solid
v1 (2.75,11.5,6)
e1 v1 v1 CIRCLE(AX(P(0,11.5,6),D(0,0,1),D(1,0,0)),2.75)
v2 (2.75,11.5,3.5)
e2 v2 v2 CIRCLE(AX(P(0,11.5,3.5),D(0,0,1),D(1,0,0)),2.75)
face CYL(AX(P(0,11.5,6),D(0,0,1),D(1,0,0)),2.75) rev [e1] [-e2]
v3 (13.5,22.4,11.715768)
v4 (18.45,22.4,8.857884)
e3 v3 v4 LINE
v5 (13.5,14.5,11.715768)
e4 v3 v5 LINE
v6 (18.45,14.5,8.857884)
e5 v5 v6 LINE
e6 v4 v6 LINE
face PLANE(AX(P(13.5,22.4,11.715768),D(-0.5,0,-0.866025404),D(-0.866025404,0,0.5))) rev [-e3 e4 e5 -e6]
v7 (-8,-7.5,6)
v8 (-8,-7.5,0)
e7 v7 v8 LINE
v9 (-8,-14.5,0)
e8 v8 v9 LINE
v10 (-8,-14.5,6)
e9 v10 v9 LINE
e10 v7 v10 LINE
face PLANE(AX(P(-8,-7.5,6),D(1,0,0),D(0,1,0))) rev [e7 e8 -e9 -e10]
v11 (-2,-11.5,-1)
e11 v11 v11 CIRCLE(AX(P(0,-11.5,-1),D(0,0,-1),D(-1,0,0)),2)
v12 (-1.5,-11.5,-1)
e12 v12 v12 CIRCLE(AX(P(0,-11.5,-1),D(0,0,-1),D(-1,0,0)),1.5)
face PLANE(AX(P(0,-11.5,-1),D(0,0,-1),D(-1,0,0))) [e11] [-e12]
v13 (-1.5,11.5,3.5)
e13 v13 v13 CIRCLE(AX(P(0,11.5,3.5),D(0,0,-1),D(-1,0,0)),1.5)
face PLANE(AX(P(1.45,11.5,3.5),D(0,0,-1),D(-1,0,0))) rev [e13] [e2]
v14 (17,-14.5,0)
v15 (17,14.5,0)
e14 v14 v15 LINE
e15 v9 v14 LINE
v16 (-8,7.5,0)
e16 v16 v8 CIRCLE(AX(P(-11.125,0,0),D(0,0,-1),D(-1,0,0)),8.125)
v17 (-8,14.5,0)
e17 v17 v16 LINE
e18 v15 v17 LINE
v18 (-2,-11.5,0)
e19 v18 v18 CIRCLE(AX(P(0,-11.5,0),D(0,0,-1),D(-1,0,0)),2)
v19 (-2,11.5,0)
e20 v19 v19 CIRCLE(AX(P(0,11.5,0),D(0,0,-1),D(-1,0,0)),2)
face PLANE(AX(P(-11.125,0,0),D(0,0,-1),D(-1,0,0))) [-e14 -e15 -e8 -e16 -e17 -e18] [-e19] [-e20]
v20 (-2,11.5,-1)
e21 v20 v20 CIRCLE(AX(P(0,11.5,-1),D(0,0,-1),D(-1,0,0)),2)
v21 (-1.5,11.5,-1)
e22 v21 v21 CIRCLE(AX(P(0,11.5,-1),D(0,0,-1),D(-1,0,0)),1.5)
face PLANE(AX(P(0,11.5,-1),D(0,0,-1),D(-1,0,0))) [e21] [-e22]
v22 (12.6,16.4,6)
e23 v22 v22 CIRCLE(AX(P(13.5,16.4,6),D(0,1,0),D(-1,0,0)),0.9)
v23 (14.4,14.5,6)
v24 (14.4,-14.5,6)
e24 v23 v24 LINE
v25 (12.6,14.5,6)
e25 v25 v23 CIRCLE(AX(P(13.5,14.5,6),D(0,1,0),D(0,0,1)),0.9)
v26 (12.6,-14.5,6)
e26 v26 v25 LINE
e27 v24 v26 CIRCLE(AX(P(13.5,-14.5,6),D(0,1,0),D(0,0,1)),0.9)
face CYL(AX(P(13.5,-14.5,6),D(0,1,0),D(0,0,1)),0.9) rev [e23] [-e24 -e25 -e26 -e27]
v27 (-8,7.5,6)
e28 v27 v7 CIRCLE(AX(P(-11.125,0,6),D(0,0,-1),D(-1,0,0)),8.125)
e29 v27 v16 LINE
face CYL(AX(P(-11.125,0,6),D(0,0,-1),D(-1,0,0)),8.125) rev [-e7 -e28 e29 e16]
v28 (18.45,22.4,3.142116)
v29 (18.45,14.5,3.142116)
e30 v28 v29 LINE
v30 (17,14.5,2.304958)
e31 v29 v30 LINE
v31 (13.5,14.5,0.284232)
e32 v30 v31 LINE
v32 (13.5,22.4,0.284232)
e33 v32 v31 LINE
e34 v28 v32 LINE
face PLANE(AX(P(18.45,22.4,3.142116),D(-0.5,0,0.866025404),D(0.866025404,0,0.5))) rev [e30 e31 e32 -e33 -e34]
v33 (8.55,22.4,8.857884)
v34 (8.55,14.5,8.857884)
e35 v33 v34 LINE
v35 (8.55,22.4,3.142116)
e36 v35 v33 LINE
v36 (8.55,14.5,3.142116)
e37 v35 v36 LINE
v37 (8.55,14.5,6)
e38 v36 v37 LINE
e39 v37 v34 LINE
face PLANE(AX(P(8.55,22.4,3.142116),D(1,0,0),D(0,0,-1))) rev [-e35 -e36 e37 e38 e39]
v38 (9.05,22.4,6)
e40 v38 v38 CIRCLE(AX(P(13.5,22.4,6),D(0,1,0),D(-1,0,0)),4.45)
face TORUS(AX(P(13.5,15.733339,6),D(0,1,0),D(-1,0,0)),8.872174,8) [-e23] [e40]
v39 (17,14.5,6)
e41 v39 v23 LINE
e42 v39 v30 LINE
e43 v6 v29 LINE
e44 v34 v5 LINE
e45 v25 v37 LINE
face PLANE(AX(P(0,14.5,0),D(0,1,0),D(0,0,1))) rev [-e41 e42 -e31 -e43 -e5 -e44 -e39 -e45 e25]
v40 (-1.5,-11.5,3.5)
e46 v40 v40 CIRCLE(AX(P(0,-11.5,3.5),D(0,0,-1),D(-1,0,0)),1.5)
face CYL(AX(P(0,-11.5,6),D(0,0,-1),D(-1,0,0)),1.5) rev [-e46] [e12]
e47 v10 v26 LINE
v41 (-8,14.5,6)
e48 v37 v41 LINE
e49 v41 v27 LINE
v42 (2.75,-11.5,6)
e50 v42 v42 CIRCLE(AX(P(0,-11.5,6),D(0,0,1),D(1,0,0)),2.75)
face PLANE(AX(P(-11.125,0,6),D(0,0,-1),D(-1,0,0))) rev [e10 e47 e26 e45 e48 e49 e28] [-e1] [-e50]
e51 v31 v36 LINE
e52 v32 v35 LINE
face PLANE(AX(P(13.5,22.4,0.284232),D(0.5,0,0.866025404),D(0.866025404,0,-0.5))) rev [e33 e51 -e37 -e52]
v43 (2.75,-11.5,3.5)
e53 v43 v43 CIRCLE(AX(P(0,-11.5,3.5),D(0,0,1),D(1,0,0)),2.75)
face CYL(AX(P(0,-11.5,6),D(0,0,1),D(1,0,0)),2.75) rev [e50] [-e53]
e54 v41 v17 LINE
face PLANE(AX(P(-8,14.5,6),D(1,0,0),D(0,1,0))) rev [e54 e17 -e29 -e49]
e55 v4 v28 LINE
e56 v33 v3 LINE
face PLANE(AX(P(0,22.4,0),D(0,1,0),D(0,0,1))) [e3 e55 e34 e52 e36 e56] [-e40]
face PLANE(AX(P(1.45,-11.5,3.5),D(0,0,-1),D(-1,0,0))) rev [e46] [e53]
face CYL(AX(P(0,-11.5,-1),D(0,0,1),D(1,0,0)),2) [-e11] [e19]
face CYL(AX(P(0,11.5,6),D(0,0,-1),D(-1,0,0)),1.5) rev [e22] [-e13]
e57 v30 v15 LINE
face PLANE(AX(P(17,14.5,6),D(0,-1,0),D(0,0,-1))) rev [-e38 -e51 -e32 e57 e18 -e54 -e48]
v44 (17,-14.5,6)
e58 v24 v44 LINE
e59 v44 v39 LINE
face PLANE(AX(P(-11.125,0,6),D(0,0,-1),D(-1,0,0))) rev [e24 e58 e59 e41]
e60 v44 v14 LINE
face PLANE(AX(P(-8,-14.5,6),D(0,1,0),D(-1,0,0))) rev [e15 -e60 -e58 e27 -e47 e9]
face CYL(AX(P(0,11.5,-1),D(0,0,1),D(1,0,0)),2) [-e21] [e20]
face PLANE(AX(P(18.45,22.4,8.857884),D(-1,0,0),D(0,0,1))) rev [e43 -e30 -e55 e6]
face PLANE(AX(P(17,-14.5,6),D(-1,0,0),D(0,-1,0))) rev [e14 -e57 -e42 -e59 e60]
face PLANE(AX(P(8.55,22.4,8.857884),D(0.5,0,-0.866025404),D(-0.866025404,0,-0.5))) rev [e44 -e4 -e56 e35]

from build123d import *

# Parameters (mm, degrees)
SKETCH1_R                       = 1.5
BOSS_EXTRUDE1_DEPTH             = 6
SKETCH2_R                       = 0.9
CUT_EXTRUDE1_DEPTH              = 35.146742158
BOSS_EXTRUDE2_START             = 7.9
SKETCH3_R                       = 0.9
BOSS_EXTRUDE2_DEPTH             = 7.9
CBORE_FOR_M2_5_SHCS1_AT_2_COUNT = 2
CBORE_FOR_M2_5_SHCS1_AT_2_PITCH = 23
CBORE_FOR_M2_5_SHCS1_AT_3_COUNT = 2
CBORE_FOR_M2_5_SHCS1_AT_3_PITCH = 23
BOSS_EXTRUDE3_START             = 1
SKETCH8_R                       = 2
SKETCH8_R_2                     = 1.5
BOSS_EXTRUDE3_DEPTH             = 1


with BuildPart() as part:
    # Sketch1 → Boss-Extrude1 (new body)
    with BuildSketch(Plane.XY):
        with BuildLine():
            Line((17, 14.5), (-8, 14.5))
            Line((-8, 14.5), (-8, 7.5))
            ThreePointArc((-8, 7.5), (-3, 0), (-8, -7.5))
            Line((-8, -7.5), (-8, -14.5))
            Line((-8, -14.5), (17, -14.5))
            Line((17, -14.5), (17, 14.5))
        make_face()
        with Locations((0, 11.5)):
            Circle(SKETCH1_R, mode=Mode.SUBTRACT)
        with Locations((0, -11.5)):
            Circle(SKETCH1_R, mode=Mode.SUBTRACT)
    extrude(amount=BOSS_EXTRUDE1_DEPTH)

    # Sketch2 → Cut-Extrude1 (cut, through all)
    with BuildSketch(Plane(origin=(0, 14.5, 0), x_dir=(1, 0, 0), z_dir=(0, 1, 0))):
        with Locations((13.5, -6)):
            Circle(SKETCH2_R)
    extrude(amount=-CUT_EXTRUDE1_DEPTH, mode=Mode.SUBTRACT)

    # Sketch3 → Boss-Extrude2 (add)
    with BuildSketch(Plane(origin=(0, 14.5, 0), x_dir=(1, 0, 0), z_dir=(0, 1, 0)).offset(BOSS_EXTRUDE2_START)):
        Polygon((13.5, -0.284232335), (8.55, -3.142116168), (8.55, -8.857883832), (13.5, -11.715767665), (18.45, -8.857883832), (18.45, -3.142116168), align=None)
        with Locations(Location((13.5, -6, 0), (0, 0, 270))):
            Circle(SKETCH3_R, mode=Mode.SUBTRACT)
    extrude(amount=-BOSS_EXTRUDE2_DEPTH)

    # Sketch6 → Cut-Revolve1 (revolve, cut)
    with BuildSketch(Plane(origin=(5.973076211, 0, 10.345671476), x_dir=(0.8660254037844388, 0, -0.49999999999999983), z_dir=(0.4999999999999998, 0, 0.8660254037844387)), mode=Mode.PRIVATE) as cut_revolve1_sk:
        with BuildLine():
            Line((9.591342951, 22.4), (9.591342951, 16.4))
            ThreePointArc((9.591342951, 16.4), (10.678390575, 19.807038489), (13.141342951, 22.4))
            Line((13.141342951, 22.4), (9.591342951, 22.4))
        make_face()
    revolve(cut_revolve1_sk.sketch.rotate(Axis((13.5, 22.4, 6), (0, -1, 0)), 210), axis=Axis((13.5, 22.4, 6), (0, -1, 0)), mode=Mode.SUBTRACT)

    # Sketch7 → CBORE for M2.5 SHCS1 (revolve, cut)
    with BuildSketch(Plane(origin=(0, -11.5, 6), x_dir=(0, -1, 0), z_dir=(1, 0, 0))):
        Polygon((0, 0), (0, 6), (1.45, 6), (1.45, 2.5), (2.75, 2.5), (2.75, 0), align=None)
    cbore_for_m2_5_shcs1 = revolve(axis=Axis((0, -11.5, 12.35), (0, 0, -1)), mode=Mode.SUBTRACT)

    # CBORE for M2.5 SHCS1 at 2: CBORE for M2.5 SHCS1 ×2
    with Locations(*[(0, i * CBORE_FOR_M2_5_SHCS1_AT_2_PITCH, 0) for i in range(1, CBORE_FOR_M2_5_SHCS1_AT_2_COUNT)]):
        add(cbore_for_m2_5_shcs1, mode=Mode.SUBTRACT)

    # CBORE for M2.5 SHCS1 at 3: CBORE for M2.5 SHCS1 ×2
    with Locations(*[(0, i * CBORE_FOR_M2_5_SHCS1_AT_3_PITCH, 0) for i in range(1, CBORE_FOR_M2_5_SHCS1_AT_3_COUNT)]):
        add(cbore_for_m2_5_shcs1, mode=Mode.SUBTRACT)

    # Sketch8 → Boss-Extrude3 (add)
    # profile 1 of 2: a face of its own
    with BuildSketch(Plane(origin=(0, 0, 0), x_dir=(-1, 0, 0), z_dir=(0, 0, -1)).offset(BOSS_EXTRUDE3_START)):
        with Locations((0, 11.5)):
            Circle(SKETCH8_R)
        with Locations((0, 11.5)):
            Circle(SKETCH8_R_2, mode=Mode.SUBTRACT)
    # profile 2 of 2: a face of its own
    with BuildSketch(Plane(origin=(0, 0, 0), x_dir=(-1, 0, 0), z_dir=(0, 0, -1)).offset(BOSS_EXTRUDE3_START)):
        with Locations((0, -11.5)):
            Circle(SKETCH8_R)
        with Locations((0, -11.5)):
            Circle(SKETCH8_R_2, mode=Mode.SUBTRACT)
    extrude(amount=-BOSS_EXTRUDE3_DEPTH)


solid = part.part
